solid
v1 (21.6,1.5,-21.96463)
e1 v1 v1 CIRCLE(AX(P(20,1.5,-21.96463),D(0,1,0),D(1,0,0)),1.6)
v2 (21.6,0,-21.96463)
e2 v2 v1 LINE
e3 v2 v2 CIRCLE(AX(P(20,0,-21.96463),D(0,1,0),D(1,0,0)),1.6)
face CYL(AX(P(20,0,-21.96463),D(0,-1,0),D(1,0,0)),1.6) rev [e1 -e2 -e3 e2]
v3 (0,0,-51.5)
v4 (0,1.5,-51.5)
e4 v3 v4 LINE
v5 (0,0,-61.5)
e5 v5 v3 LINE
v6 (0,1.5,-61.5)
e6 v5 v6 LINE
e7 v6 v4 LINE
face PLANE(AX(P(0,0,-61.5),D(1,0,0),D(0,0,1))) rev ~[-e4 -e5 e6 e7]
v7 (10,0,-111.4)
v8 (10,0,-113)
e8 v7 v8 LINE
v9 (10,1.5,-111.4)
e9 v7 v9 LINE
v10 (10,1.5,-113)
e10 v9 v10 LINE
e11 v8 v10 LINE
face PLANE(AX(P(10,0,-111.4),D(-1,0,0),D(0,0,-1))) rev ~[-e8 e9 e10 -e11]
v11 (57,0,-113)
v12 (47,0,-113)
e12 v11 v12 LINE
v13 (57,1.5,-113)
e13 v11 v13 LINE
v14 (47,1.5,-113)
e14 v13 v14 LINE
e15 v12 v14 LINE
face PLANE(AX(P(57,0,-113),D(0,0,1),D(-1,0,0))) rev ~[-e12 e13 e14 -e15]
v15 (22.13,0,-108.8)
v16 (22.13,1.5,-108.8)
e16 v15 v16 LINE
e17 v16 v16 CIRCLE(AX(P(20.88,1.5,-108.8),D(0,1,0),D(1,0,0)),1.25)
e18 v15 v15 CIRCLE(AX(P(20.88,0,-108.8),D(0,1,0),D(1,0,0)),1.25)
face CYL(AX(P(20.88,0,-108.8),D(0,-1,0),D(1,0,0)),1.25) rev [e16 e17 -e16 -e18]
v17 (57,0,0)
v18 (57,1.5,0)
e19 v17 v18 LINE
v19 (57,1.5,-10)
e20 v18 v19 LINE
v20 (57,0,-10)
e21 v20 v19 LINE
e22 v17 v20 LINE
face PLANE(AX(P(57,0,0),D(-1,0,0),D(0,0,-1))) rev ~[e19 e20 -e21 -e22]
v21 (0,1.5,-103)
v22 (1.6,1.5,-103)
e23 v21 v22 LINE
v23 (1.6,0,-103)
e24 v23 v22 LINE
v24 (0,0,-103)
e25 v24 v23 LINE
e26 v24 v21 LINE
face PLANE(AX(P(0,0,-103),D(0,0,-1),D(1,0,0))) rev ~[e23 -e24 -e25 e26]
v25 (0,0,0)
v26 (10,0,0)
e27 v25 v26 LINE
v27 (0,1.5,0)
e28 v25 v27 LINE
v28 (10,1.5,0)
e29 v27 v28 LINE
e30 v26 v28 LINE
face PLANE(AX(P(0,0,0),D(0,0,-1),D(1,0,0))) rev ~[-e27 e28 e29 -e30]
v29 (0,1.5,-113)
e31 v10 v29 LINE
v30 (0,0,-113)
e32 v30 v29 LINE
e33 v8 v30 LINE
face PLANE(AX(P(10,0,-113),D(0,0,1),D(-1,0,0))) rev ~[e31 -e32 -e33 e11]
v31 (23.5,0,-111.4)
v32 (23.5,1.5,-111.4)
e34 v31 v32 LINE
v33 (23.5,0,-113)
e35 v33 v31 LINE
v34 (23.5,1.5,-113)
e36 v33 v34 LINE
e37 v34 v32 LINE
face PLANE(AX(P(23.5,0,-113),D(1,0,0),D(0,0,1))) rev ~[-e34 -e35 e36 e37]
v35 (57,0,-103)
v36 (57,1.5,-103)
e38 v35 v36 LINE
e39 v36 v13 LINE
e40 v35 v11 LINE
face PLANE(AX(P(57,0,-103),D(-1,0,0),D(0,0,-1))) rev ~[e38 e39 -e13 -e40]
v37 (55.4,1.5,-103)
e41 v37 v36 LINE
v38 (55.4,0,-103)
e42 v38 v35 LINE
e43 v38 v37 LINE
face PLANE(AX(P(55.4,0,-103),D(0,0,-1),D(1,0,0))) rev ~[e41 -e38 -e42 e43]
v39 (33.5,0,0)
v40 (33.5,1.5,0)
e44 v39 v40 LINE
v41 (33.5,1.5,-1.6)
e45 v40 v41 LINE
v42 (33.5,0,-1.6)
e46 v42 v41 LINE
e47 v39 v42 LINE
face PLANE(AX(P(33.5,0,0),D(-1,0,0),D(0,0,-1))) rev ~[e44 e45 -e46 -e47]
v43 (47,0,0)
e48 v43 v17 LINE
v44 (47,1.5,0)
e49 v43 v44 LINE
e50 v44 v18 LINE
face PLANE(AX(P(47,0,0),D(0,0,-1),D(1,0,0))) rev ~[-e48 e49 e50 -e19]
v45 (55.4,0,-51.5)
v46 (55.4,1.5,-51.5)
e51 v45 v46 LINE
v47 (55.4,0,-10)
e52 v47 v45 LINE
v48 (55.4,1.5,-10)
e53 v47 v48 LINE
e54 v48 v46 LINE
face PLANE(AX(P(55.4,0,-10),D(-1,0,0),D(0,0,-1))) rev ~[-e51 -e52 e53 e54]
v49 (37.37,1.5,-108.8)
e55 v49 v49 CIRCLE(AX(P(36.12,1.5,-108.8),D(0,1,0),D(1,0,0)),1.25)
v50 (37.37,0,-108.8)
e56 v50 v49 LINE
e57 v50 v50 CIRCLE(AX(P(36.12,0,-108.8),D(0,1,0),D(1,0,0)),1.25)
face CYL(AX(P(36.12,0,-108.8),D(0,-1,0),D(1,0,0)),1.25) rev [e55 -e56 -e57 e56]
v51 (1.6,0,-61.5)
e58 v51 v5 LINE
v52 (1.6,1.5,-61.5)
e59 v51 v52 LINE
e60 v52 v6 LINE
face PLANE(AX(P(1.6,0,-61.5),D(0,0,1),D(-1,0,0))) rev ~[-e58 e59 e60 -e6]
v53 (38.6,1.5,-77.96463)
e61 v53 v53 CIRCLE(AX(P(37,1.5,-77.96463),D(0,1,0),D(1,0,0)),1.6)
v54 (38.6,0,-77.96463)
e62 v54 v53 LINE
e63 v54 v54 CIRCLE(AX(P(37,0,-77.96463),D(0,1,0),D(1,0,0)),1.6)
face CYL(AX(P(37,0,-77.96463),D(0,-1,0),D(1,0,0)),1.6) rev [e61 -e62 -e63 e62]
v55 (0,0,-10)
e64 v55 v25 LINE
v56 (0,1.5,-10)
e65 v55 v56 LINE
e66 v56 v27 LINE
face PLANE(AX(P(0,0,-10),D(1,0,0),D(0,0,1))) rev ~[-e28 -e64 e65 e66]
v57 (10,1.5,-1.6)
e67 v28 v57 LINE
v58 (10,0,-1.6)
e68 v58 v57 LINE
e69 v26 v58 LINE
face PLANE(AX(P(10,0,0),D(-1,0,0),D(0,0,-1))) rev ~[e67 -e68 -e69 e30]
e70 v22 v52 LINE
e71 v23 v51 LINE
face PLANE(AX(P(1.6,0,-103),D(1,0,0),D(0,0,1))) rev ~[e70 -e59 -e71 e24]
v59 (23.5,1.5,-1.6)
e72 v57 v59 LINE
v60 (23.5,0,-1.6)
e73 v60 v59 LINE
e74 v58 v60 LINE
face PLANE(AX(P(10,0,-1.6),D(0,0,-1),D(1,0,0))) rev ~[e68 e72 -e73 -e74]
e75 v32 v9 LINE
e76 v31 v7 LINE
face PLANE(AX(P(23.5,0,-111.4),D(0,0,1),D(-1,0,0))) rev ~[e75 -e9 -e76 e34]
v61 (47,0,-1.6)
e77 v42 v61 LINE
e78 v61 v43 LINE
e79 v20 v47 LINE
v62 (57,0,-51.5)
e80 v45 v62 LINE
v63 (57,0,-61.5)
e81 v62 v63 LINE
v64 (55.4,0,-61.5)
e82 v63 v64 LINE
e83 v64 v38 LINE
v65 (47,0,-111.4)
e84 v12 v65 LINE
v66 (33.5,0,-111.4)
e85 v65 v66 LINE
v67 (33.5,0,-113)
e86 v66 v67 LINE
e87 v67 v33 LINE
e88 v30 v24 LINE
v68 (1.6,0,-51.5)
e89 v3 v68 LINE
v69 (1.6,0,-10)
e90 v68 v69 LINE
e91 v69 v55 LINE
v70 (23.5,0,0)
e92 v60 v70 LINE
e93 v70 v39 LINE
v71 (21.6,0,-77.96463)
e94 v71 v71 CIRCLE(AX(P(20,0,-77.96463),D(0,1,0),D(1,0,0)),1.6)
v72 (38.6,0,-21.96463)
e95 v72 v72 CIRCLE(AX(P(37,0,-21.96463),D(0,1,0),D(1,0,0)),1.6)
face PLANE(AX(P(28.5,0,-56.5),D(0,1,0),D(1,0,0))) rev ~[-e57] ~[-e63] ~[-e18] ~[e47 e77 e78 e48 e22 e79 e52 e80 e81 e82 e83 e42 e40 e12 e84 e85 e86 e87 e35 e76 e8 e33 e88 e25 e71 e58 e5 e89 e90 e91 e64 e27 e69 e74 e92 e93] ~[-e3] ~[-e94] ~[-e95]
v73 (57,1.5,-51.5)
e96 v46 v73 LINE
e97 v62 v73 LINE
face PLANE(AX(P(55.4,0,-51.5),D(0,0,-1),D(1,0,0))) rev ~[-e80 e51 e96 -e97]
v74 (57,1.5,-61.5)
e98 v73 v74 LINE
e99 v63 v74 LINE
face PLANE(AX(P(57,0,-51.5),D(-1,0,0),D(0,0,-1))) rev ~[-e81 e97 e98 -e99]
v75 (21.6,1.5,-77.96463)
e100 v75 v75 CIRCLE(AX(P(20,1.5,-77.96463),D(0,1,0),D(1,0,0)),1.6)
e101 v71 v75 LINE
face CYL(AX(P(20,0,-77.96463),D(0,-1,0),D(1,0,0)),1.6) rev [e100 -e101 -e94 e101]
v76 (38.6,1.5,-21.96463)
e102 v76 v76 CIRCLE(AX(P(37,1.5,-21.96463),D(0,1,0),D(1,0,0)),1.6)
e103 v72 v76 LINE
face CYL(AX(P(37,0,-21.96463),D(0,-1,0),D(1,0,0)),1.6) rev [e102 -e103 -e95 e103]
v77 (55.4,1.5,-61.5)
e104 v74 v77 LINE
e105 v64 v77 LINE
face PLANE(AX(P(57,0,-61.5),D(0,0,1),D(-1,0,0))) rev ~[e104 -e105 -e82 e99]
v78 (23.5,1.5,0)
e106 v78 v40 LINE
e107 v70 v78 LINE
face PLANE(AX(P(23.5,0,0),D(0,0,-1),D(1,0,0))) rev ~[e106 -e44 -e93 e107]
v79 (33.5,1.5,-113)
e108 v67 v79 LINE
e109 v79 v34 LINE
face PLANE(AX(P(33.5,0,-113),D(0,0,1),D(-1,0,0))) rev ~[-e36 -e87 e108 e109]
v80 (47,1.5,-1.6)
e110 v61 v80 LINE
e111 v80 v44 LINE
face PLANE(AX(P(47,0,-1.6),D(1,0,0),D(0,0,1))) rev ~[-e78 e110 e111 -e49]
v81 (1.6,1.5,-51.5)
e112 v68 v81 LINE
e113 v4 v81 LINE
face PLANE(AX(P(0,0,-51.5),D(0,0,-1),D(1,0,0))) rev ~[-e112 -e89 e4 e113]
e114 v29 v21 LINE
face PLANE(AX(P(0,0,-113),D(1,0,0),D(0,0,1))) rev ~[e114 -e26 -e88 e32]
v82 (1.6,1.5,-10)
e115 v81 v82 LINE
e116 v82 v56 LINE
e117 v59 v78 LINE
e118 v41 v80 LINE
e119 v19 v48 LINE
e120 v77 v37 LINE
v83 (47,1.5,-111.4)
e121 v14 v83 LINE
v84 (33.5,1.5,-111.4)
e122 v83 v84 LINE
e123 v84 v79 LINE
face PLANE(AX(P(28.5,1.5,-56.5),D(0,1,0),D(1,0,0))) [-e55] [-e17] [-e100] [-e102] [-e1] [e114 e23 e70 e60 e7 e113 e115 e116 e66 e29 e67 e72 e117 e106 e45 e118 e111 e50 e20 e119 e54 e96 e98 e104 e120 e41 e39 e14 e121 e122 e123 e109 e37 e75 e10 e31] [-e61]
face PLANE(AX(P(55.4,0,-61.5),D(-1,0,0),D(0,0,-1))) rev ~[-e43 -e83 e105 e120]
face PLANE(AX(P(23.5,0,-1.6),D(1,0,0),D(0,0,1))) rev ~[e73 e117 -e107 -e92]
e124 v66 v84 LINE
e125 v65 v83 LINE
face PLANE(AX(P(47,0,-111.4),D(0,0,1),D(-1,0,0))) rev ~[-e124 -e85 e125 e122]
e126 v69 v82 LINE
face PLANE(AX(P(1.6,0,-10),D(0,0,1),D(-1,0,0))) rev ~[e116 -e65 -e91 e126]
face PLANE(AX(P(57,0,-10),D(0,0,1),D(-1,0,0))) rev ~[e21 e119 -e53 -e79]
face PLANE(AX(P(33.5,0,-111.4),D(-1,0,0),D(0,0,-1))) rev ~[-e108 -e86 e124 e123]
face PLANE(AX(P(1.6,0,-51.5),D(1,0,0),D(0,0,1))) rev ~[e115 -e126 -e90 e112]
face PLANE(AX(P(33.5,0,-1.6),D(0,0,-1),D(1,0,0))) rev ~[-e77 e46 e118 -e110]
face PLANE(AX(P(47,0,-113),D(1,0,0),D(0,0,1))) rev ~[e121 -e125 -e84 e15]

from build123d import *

# Parameters (mm, degrees)
SKETCH1_R           = 1.25
SKETCH1_R_2         = 1.6
BOSS_EXTRUDE1_DEPTH = 1.5


with BuildPart() as part:
    # Sketch1 → Boss-Extrude1 (new body)
    with BuildSketch(Plane(origin=(0, 0, 0), x_dir=(1, 0, 0), z_dir=(0, 1, 0))):
        Polygon((57, 0), (57, 10), (55.4, 10), (55.4, 51.5), (57, 51.5), (57, 61.5), (55.4, 61.5), (55.4, 103), (57, 103), (57, 113), (47, 113), (47, 111.4), (33.5, 111.4), (33.5, 113), (23.5, 113), (23.5, 111.4), (10, 111.4), (10, 113), (0, 113), (0, 103), (1.6, 103), (1.6, 61.5), (0, 61.5), (0, 51.5), (1.6, 51.5), (1.6, 10), (0, 10), (0, 0), (10, 0), (10, 1.6), (23.5, 1.6), (23.5, 0), (33.5, 0), (33.5, 1.6), (47, 1.6), (47, 0), align=None)
        with Locations((20.88, 108.8)):
            Circle(SKETCH1_R, mode=Mode.SUBTRACT)
        with Locations((36.12, 108.8)):
            Circle(SKETCH1_R, mode=Mode.SUBTRACT)
        with Locations((20, 77.964629758)):
            Circle(SKETCH1_R_2, mode=Mode.SUBTRACT)
        with Locations((37, 77.964629758)):
            Circle(SKETCH1_R_2, mode=Mode.SUBTRACT)
        with Locations((20, 21.964629758)):
            Circle(SKETCH1_R_2, mode=Mode.SUBTRACT)
        with Locations((37, 21.964629758)):
            Circle(SKETCH1_R_2, mode=Mode.SUBTRACT)
    extrude(amount=BOSS_EXTRUDE1_DEPTH)


solid = part.part
